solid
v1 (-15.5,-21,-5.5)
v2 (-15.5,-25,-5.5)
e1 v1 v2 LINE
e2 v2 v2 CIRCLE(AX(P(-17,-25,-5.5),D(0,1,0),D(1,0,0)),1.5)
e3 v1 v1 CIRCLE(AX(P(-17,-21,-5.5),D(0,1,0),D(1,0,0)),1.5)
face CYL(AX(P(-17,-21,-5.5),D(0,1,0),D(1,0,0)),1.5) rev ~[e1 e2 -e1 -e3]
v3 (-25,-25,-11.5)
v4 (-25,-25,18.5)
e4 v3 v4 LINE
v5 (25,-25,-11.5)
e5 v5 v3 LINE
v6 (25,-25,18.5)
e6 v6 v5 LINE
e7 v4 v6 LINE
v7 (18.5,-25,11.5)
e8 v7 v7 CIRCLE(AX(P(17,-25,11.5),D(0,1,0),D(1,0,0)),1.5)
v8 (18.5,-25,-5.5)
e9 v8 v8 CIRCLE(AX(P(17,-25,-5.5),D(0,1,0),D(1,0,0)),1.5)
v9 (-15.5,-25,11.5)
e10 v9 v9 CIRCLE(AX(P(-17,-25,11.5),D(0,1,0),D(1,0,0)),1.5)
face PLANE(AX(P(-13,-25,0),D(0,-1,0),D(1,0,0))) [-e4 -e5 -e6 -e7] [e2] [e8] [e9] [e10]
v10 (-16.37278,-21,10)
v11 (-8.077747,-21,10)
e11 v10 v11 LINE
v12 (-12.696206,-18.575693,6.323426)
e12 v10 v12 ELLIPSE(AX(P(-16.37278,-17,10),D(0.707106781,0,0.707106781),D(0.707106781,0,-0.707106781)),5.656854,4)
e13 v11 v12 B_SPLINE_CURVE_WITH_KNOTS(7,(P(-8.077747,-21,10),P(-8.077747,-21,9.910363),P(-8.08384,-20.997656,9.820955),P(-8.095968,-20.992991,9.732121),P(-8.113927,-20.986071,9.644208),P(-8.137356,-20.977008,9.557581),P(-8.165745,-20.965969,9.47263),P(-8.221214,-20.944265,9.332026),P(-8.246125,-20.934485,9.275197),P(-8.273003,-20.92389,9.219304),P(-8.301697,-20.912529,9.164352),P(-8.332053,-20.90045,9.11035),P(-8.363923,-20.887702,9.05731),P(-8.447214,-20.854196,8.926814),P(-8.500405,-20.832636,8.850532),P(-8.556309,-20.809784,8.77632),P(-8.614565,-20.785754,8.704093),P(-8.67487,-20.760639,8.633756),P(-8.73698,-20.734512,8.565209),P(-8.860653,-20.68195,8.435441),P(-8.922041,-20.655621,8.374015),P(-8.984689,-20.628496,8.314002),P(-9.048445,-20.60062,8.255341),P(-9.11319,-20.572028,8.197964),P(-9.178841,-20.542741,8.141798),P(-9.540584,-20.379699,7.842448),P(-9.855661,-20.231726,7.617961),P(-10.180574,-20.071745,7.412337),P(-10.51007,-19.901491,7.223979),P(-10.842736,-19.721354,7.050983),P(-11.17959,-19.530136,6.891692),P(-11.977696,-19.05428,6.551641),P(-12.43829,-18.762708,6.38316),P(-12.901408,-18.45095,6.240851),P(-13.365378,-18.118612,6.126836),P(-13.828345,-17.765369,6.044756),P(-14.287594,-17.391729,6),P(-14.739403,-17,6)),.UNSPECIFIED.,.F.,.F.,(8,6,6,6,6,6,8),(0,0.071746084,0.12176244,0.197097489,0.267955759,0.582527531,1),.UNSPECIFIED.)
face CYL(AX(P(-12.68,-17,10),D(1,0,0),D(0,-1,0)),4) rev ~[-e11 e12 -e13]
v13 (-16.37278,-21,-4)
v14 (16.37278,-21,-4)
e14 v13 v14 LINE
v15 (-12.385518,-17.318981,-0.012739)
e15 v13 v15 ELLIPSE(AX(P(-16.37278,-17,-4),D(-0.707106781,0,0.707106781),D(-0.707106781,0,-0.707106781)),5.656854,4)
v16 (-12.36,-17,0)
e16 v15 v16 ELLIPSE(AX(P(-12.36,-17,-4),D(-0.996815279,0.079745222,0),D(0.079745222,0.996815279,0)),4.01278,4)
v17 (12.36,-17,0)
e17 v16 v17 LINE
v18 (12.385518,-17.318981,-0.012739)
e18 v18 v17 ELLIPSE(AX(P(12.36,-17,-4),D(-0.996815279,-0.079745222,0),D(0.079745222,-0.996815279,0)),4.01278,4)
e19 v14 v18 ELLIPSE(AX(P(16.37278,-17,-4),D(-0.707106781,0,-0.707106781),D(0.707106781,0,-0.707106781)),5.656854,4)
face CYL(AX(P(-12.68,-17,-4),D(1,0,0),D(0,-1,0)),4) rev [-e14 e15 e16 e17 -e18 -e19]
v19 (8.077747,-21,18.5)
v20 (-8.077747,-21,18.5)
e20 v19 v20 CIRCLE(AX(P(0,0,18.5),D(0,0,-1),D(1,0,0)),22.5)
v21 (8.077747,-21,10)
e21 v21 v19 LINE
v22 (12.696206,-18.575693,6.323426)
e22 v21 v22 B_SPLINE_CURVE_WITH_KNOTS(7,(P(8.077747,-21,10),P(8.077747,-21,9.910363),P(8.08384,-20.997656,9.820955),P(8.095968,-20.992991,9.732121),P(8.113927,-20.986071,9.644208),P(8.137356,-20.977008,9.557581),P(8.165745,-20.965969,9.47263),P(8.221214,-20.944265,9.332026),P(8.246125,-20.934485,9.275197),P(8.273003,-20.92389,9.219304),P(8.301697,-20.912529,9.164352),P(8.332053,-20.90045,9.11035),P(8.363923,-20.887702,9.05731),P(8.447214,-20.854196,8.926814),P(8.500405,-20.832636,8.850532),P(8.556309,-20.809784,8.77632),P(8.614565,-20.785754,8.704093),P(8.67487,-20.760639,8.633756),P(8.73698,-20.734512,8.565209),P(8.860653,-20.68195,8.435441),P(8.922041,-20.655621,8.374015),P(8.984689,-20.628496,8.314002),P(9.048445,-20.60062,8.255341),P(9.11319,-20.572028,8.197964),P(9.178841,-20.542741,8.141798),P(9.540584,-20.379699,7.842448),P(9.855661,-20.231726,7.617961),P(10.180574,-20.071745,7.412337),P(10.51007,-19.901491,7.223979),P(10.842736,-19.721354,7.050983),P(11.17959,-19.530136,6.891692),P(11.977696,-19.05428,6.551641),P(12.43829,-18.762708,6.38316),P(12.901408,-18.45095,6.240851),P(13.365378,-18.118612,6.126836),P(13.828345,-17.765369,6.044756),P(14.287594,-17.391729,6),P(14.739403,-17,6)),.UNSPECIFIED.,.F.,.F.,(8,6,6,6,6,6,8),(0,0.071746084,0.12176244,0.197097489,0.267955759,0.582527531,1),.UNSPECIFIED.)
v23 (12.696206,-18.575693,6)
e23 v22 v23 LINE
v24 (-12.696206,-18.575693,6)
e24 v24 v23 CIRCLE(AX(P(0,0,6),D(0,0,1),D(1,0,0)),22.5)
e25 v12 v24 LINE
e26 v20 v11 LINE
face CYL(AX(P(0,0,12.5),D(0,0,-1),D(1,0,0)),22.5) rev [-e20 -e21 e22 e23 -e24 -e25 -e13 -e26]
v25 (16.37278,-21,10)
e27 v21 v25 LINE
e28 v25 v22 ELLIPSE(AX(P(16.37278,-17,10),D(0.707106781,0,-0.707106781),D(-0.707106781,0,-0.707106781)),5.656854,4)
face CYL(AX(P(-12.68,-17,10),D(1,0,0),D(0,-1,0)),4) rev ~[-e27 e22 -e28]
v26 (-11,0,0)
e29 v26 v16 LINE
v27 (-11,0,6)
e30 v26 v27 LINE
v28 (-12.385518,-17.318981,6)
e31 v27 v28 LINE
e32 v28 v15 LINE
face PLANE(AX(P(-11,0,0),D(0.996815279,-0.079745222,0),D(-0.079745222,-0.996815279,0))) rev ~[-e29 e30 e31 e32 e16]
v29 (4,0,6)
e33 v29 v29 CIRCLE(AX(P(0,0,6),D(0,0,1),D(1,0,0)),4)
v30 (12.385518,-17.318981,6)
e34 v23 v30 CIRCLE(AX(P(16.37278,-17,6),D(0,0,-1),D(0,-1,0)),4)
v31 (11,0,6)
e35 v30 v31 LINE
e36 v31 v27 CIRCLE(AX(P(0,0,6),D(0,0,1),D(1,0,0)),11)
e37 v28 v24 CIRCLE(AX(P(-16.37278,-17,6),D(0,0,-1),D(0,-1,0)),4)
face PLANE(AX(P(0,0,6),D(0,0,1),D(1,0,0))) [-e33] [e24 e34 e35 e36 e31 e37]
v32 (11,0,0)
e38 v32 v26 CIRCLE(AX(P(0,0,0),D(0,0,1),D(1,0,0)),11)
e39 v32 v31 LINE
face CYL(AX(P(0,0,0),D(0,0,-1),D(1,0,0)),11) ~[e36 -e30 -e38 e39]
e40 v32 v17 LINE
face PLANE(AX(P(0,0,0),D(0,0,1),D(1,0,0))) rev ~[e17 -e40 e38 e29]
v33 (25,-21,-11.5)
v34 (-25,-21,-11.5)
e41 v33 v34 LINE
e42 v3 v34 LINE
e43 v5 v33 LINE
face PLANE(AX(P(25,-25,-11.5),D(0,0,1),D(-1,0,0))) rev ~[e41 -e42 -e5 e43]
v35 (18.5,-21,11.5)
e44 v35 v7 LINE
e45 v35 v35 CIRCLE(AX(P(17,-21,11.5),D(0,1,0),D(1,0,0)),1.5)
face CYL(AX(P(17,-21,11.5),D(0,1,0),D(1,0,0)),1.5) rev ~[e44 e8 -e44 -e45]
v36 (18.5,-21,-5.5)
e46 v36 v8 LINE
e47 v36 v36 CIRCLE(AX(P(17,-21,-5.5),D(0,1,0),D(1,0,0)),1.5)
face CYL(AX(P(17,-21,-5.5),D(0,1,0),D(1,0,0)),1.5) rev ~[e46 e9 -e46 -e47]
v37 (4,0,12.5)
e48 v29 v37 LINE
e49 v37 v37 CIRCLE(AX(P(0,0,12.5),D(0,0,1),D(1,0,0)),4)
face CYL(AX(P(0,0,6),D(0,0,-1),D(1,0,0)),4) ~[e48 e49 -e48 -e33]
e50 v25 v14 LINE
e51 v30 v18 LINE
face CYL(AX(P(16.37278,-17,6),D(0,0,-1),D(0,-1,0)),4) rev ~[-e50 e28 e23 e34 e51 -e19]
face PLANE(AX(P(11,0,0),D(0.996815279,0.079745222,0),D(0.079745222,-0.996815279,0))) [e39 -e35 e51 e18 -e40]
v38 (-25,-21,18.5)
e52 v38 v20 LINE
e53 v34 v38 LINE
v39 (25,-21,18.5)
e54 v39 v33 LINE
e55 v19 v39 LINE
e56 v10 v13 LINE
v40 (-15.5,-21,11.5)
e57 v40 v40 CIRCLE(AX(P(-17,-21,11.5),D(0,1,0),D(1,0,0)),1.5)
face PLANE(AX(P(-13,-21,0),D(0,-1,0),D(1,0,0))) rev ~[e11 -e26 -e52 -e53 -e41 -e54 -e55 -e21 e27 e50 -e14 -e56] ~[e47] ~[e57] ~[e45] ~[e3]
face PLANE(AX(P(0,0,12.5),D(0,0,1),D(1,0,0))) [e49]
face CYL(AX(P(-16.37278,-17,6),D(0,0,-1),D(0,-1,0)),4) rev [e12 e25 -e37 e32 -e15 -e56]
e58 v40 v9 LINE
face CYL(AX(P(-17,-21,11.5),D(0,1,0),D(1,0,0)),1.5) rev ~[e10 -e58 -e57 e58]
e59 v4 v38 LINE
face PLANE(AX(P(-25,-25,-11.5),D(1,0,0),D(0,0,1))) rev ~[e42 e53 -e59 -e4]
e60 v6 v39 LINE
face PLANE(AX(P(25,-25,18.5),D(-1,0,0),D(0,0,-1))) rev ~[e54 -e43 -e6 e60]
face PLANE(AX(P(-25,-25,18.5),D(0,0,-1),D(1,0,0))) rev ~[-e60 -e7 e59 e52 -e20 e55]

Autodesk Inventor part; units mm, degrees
ref_plane "YZ Plane" through (0, 0, 0) normal (1, 0, 0) x (0, 1, 0)
ref_plane "XZ Plane" through (0, 0, 0) normal (0, 1, 0) x (-1, 0, 0)
ref_plane "XY Plane" through (0, 0, 0) normal (0, 0, 1) x (1, 0, 0)
sketch "Sketch1" plane through (0, 0, 0) normal (0, 0, 1) x (1, 0, 0)
  arc A0 (11, 0) -> (-11, 0) centre (0, 0) ccw
  line L0 (-11, 0) -> (11, 0)
  line L1 (0, 0) -> (0, -25)
  line L2 (-13, -25) -> (13, -25)
  line L3 (-11, 0) -> (-13, -25)
  line L4 (11, 0) -> (13, -25)
  dimension "d0" = 22
  dimension "d1" = 25
  dimension "d2" = 13
  dimension "d3" = 13
extrude "Extrusion1" add sketch "Sketch1" along normal blind 6
sketch "Sketch2" plane through (0, 0, 6) normal (0, 0, 1) x (1, 0, 0)
  circle A0 centre (0, 0) radius 4
  dimension "d6" = 8
extrude "Extrusion2" add sketch "Sketch2" along normal blind 6.5
sketch "Sketch3" plane through (-13, -25, 0) normal (0, -1, 0) x (1, 0, 0)
  line L0 (-12, 18.5) -> (38, 18.5)
  line L1 (38, 18.5) -> (38, -11.5)
  line L2 (38, -11.5) -> (-12, -11.5)
  line L3 (-12, -11.5) -> (-12, 18.5)
  point P0 (13, 0)
  dimension "d9" = 50
  dimension "d10" = 30
  dimension "d11" = 25
  dimension "d12" = 18.5
extrude "Extrusion3" add sketch "Sketch3" against normal blind 4
fillet "Fillet1" radius 4 4 edges at (0, -21, 6) (0, -21, 0) (-12.68, -21, 3) (12.68, -21, 3)
sketch "Sketch4" plane through (-25, -25, 18.5) normal (0, -1, 0) x (1, 0, 0)
  point P0 (25, -18.5)
sketch "Sketch5" plane through (-13, -21, 0) normal (0, 1, 0) x (1, 0, 0)
  circle A0 centre (30, 5.5) radius 1.5
  circle A1 centre (30, -11.5) radius 1.5
  circle A2 centre (-4, -11.5) radius 1.5
  circle A3 centre (-4, 5.5) radius 1.5
  line L0 (38, -18.5) -> (38, 11.5) projected
  line L1 (38, 11.5) -> (-12, 11.5) projected
  line L2 (-12, 11.5) -> (-12, -18.5) projected
  line L3 (-12, -18.5) -> (38, -18.5) projected
  point P0 (13, 0)
  dimension "d16" = 3
  dimension "d17" = 3
  dimension "d18" = 3
  dimension "d19" = 3
  dimension "d20" = 8
  dimension "d21" = 6
  dimension "d22" = 6
  dimension "d23" = 8
  dimension "d24" = 8
  dimension "d25" = 7
  dimension "d26" = 7
  dimension "d27" = 8
sketch "Sketch6" plane through (-13, -21, 0) normal (0, 1, 0) x (1, 0, 0)
  point P0 (13, 0)
extrude "Extrusion4" cut sketch "Sketch5" against normal blind 10 contours A0 | A1 | A2 | A3
sketch "Sketch7" plane through (0, 0, 12.5) normal (0, 0, 1) x (1, 0, 0)
  circle A0 centre (0, 0) radius 22.5
  circle A1 centre (0, 0) radius 4
  dimension "d30" = 45
  dimension "d31" = 8
extrude "Extrusion5" cut sketch "Sketch7" along normal mid plane 13
properties part number "bearing support"
